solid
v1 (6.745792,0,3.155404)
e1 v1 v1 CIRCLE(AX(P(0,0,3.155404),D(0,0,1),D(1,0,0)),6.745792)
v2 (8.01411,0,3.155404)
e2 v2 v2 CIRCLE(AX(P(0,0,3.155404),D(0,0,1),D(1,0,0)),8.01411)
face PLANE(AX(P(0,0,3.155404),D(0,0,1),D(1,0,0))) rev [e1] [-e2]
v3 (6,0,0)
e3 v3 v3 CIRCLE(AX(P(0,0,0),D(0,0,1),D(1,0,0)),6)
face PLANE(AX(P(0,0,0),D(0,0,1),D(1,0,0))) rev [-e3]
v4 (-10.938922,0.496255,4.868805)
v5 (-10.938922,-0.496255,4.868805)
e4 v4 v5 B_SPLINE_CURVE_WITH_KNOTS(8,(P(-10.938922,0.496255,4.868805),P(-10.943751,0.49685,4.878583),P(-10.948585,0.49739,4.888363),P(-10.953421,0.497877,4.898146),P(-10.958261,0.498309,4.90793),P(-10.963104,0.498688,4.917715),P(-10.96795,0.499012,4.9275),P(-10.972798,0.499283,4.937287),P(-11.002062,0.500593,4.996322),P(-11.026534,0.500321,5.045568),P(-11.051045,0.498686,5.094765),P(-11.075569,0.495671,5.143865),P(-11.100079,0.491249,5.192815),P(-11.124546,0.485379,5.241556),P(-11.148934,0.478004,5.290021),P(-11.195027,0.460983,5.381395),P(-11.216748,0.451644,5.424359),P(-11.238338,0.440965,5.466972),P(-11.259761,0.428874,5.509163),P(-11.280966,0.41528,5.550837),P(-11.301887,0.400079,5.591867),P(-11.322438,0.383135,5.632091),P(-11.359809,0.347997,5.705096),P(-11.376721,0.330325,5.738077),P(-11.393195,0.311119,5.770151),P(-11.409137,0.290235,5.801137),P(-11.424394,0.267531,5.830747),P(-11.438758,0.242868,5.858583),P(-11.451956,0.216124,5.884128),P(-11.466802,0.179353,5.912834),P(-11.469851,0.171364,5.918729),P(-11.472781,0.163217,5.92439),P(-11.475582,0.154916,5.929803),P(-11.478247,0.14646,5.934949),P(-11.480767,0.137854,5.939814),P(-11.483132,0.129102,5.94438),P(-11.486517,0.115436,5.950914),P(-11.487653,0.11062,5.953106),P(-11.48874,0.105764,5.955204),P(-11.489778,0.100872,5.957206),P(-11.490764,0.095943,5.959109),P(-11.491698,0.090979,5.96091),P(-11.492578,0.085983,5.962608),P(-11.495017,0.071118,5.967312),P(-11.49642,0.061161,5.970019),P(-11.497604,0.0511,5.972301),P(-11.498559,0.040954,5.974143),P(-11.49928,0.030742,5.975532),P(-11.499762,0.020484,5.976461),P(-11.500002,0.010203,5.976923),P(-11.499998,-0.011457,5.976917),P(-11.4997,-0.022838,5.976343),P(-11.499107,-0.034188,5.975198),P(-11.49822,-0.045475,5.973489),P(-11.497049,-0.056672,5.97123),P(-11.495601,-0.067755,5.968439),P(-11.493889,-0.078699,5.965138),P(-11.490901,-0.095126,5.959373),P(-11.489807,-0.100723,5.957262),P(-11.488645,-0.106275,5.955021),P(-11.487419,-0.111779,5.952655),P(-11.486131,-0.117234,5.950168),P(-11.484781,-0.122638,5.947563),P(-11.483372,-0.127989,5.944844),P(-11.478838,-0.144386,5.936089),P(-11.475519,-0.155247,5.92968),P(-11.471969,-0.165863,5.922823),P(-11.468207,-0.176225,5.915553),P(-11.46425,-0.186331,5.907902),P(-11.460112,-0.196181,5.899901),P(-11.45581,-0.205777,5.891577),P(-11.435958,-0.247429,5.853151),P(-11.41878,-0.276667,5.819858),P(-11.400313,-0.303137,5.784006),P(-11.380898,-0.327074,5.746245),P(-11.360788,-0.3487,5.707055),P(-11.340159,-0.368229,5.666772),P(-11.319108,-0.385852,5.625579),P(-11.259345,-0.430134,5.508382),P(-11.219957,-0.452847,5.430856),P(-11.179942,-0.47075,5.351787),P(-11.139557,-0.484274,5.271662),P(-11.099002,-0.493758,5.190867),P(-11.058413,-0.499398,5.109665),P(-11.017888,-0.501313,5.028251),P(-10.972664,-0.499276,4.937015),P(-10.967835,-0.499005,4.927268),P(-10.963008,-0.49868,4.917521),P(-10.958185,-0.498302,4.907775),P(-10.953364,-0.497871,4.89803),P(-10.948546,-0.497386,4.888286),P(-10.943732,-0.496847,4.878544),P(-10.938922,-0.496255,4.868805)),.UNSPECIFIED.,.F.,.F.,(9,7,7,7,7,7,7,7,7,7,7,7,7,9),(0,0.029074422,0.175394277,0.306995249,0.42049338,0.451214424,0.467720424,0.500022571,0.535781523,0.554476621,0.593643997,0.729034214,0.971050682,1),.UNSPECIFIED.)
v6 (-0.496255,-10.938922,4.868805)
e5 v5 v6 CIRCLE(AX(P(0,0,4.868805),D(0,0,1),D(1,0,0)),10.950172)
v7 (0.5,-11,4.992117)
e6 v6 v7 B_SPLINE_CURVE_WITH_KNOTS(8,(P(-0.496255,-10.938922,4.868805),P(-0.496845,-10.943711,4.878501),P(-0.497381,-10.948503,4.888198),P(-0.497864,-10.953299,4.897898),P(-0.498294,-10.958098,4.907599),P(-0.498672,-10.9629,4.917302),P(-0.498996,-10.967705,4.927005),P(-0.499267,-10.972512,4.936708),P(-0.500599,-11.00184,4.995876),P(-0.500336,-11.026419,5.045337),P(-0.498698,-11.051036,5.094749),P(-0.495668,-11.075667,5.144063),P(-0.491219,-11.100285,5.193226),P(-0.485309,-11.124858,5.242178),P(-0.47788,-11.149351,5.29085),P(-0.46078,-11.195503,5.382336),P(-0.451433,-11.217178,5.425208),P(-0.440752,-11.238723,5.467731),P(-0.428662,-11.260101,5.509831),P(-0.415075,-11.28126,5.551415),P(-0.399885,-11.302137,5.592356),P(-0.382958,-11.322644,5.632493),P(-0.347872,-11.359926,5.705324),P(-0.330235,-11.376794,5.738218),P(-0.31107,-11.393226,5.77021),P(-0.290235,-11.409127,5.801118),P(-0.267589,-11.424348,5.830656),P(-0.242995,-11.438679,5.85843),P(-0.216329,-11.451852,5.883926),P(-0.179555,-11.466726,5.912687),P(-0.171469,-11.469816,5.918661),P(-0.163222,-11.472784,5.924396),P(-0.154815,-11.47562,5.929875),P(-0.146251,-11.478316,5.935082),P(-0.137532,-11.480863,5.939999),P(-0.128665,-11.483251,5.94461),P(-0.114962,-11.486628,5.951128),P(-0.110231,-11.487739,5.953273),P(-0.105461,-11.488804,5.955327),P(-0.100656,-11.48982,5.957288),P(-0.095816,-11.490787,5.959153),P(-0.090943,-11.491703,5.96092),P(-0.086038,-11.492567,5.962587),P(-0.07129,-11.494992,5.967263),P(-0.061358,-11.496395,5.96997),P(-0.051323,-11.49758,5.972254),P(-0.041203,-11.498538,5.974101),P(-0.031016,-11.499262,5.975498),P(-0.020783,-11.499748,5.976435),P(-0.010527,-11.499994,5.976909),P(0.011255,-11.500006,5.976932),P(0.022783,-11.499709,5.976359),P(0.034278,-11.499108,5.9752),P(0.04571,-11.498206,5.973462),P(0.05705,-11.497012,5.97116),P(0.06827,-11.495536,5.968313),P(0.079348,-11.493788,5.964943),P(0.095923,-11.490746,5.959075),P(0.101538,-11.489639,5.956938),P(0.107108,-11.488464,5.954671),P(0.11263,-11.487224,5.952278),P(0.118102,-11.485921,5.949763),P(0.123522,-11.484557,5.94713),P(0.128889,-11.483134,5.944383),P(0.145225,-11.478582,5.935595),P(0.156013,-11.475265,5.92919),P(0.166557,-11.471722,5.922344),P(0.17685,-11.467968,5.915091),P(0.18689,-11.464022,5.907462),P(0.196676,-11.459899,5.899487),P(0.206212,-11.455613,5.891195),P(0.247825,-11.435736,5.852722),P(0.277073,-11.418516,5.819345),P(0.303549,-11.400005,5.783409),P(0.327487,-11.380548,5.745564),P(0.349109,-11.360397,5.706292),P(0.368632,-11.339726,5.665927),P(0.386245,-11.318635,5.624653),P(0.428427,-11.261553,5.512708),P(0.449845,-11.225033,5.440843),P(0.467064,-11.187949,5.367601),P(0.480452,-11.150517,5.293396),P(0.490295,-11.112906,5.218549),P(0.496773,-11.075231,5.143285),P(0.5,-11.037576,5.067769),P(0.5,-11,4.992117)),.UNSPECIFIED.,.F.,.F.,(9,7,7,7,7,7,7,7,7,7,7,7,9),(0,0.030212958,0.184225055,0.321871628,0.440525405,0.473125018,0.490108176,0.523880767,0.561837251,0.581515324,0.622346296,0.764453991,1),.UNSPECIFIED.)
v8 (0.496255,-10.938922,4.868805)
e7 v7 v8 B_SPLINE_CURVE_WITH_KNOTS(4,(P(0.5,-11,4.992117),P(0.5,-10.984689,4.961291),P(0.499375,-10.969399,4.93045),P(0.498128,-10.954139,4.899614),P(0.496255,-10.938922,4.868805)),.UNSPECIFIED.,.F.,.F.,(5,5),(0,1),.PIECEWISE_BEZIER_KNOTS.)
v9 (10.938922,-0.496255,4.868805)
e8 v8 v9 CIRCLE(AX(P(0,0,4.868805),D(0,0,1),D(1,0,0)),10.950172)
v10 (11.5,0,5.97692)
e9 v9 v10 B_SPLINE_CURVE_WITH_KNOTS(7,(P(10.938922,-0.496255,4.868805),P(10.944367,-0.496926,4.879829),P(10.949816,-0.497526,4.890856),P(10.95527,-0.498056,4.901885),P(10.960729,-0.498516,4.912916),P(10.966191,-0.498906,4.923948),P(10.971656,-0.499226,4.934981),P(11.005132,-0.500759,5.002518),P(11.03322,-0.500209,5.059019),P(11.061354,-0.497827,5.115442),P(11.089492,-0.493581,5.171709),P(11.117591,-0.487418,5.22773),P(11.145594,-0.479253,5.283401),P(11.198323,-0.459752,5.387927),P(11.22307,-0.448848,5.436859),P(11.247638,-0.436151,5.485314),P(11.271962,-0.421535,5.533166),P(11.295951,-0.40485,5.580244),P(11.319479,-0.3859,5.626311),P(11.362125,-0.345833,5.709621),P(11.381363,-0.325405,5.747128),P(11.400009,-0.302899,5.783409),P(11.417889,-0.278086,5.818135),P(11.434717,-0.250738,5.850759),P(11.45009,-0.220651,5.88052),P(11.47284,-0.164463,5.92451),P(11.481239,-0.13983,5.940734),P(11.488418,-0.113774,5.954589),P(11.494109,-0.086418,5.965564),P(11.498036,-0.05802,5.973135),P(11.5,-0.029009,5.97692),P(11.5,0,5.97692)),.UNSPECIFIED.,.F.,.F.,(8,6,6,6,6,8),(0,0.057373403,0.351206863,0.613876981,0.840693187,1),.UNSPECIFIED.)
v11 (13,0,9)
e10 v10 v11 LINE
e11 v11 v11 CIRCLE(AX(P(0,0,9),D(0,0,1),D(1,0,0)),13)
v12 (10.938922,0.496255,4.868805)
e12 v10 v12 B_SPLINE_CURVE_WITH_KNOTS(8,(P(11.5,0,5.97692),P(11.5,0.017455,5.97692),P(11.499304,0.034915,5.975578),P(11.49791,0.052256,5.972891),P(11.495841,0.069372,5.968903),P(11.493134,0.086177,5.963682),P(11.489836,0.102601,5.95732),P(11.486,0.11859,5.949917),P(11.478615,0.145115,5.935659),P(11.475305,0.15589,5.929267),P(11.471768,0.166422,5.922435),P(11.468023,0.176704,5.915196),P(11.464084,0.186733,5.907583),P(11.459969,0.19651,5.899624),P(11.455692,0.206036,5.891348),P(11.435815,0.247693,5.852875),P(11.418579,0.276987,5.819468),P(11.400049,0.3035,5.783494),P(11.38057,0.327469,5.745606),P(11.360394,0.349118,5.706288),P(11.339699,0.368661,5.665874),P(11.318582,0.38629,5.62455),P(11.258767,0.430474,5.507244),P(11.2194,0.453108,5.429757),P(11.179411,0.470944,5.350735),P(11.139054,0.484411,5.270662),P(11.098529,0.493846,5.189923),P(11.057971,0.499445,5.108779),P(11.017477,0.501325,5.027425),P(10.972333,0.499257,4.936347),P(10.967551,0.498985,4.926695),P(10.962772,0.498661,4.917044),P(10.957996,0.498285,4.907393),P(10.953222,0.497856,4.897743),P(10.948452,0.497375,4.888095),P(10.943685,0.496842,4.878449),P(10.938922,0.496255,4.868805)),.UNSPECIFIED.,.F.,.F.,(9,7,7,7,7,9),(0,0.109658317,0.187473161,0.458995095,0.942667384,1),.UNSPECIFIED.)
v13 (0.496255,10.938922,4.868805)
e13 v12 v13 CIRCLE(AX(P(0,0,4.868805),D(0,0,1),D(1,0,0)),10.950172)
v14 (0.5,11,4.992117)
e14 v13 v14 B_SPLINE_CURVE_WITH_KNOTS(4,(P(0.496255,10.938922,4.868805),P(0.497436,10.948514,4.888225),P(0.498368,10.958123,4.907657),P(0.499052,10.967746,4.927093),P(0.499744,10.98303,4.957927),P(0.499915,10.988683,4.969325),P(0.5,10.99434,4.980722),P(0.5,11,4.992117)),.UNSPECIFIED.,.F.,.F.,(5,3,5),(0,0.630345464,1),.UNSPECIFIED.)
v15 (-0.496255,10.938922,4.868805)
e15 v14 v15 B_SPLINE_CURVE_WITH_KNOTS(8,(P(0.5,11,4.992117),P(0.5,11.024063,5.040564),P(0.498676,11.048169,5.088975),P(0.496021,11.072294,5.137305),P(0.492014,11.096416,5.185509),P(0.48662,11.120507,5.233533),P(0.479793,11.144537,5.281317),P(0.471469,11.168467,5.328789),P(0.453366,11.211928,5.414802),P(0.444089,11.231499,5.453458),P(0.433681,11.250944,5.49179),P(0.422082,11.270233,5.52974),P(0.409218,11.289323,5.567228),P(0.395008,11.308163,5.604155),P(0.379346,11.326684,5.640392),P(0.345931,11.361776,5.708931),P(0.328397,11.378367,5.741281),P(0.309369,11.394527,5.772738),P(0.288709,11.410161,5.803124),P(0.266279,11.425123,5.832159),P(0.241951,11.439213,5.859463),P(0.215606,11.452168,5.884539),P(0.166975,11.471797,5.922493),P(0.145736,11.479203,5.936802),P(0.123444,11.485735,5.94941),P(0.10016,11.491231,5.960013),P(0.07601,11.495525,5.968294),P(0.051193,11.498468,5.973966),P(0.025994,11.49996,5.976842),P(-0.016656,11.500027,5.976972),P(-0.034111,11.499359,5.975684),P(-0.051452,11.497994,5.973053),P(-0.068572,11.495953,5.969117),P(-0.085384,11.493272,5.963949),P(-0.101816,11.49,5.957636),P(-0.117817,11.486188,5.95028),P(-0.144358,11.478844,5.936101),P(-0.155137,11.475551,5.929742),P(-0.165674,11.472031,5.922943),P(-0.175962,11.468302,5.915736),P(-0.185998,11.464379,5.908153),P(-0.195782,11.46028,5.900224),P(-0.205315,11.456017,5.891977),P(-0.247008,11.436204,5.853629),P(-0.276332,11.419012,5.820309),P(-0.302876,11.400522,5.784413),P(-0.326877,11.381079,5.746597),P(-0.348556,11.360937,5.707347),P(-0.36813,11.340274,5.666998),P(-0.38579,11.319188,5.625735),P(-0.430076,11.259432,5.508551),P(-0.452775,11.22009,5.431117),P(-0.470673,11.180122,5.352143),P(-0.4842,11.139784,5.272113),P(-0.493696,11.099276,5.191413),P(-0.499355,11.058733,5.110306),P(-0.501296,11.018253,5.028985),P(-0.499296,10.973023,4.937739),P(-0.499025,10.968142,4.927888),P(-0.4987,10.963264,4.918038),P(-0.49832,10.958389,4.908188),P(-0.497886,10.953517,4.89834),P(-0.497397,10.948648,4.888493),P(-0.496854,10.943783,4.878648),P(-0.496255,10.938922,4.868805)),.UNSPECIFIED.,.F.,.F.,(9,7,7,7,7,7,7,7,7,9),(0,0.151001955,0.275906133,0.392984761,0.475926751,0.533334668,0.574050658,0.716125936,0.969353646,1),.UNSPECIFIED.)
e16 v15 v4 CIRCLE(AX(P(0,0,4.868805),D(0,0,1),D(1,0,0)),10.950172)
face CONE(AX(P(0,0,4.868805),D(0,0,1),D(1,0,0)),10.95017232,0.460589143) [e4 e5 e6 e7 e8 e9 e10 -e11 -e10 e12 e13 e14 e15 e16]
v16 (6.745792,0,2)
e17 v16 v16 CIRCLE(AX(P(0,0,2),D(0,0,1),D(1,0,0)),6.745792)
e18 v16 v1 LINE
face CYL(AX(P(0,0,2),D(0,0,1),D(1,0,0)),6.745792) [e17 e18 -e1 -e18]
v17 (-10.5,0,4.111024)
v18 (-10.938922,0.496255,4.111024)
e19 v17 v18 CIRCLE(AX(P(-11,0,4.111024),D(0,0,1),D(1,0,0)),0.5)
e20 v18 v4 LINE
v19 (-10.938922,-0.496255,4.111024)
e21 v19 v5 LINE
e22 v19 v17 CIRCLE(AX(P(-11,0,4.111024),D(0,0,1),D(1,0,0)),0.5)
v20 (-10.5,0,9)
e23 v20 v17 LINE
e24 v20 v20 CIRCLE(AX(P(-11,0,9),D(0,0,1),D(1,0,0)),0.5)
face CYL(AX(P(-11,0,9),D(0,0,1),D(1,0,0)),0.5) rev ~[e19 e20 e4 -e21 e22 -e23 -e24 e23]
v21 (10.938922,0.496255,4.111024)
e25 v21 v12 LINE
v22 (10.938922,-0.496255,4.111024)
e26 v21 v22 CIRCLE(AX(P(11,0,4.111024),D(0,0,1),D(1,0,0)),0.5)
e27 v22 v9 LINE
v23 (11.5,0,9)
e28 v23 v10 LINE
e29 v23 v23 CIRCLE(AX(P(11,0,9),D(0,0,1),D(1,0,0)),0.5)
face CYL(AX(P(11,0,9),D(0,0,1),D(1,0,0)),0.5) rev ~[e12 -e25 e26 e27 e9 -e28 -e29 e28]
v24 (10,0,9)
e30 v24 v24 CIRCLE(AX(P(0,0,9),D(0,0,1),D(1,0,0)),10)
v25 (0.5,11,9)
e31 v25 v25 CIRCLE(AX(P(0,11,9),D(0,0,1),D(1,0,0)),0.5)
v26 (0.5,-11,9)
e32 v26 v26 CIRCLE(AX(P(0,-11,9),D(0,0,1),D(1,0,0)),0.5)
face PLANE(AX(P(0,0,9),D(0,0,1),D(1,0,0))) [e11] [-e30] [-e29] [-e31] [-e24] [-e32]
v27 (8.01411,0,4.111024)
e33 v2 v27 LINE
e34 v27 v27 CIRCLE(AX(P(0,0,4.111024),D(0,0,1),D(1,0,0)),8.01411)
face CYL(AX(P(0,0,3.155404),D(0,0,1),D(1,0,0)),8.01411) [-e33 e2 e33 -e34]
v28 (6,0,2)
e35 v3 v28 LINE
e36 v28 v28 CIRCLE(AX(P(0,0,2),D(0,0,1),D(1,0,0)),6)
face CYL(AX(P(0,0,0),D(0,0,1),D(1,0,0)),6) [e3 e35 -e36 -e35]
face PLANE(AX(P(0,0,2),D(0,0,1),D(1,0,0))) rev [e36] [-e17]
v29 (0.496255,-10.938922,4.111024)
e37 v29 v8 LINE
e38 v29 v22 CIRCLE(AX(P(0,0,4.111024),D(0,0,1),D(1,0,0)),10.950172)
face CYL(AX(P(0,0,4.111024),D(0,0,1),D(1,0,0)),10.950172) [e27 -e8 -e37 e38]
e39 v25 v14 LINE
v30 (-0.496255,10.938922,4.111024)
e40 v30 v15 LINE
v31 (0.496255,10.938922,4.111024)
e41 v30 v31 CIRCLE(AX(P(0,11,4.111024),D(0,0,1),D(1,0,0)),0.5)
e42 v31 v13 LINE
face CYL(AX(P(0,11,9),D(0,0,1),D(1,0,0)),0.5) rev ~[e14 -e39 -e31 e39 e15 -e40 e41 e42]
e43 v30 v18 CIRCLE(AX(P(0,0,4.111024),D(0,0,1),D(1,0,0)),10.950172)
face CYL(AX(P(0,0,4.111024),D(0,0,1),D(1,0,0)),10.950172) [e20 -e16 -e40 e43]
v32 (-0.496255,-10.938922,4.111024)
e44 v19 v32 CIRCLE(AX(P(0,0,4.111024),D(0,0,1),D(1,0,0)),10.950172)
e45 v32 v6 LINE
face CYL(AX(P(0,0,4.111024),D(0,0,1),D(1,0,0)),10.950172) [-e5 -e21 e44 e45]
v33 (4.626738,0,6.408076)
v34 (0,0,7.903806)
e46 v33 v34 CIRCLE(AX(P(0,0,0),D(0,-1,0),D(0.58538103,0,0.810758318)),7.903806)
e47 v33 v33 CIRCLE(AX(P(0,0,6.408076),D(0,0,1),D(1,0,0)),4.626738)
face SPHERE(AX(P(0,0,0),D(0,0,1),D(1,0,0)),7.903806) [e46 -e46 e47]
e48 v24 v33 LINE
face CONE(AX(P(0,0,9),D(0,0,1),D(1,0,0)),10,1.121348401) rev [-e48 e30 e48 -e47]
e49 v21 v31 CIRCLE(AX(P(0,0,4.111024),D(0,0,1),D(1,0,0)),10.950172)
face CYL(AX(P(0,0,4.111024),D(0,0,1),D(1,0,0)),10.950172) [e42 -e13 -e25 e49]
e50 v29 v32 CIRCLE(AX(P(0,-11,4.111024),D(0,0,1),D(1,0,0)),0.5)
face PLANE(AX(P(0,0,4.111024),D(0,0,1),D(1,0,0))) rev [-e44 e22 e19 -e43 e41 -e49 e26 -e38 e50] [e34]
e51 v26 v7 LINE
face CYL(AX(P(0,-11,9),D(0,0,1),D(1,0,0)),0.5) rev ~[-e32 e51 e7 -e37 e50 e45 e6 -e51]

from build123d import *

# Parameters (mm, degrees)
F2_R     = 0.5
F3_DEPTH = 9.001


with BuildPart() as f1:
    # F0 (on Front) → F1 (revolve)
    with BuildSketch(Plane.XZ):
        with BuildLine():
            Line((0, 7.9038056729), (0, 0))
            Line((0, 0), (6, 0))
            Line((6, 0), (6, 2))
            Line((6, 2), (6.745791994, 2))
            Line((6.745791994, 2), (6.745791994, 3.1554037705))
            Line((6.745791994, 3.1554037705), (8.014109917, 3.1554037705))
            Line((8.014109917, 3.1554037705), (8.014109917, 4.1110240854))
            Line((8.014109917, 4.1110240854), (10.95017232, 4.1110240854))
            Line((10.95017232, 4.1110240854), (10.95017232, 4.8688049763))
            Line((10.95017232, 4.8688049763), (13, 9))
            Line((13, 9), (10, 9))
            Line((10, 9), (4.6267379075, 6.4080761895))
            ThreePointArc((4.6267379075, 6.4080761895), (2.4312502109, 7.5205828582), (0, 7.9038056729))
        make_face()
    revolve(axis=Axis((0, 0, 3.9519028364), (0, 0, 1)))

    # F2 (on face) → F3 (cut, through all)
    with BuildSketch(Plane.XY.offset(9)):
        with Locations((0, 11)):
            Circle(F2_R)
        with Locations((-11, 0)):
            Circle(F2_R)
        with Locations((0, -11)):
            Circle(F2_R)
        with Locations((11, 0)):
            Circle(F2_R)
    extrude(amount=-F3_DEPTH, mode=Mode.SUBTRACT)


solid = f1.part
